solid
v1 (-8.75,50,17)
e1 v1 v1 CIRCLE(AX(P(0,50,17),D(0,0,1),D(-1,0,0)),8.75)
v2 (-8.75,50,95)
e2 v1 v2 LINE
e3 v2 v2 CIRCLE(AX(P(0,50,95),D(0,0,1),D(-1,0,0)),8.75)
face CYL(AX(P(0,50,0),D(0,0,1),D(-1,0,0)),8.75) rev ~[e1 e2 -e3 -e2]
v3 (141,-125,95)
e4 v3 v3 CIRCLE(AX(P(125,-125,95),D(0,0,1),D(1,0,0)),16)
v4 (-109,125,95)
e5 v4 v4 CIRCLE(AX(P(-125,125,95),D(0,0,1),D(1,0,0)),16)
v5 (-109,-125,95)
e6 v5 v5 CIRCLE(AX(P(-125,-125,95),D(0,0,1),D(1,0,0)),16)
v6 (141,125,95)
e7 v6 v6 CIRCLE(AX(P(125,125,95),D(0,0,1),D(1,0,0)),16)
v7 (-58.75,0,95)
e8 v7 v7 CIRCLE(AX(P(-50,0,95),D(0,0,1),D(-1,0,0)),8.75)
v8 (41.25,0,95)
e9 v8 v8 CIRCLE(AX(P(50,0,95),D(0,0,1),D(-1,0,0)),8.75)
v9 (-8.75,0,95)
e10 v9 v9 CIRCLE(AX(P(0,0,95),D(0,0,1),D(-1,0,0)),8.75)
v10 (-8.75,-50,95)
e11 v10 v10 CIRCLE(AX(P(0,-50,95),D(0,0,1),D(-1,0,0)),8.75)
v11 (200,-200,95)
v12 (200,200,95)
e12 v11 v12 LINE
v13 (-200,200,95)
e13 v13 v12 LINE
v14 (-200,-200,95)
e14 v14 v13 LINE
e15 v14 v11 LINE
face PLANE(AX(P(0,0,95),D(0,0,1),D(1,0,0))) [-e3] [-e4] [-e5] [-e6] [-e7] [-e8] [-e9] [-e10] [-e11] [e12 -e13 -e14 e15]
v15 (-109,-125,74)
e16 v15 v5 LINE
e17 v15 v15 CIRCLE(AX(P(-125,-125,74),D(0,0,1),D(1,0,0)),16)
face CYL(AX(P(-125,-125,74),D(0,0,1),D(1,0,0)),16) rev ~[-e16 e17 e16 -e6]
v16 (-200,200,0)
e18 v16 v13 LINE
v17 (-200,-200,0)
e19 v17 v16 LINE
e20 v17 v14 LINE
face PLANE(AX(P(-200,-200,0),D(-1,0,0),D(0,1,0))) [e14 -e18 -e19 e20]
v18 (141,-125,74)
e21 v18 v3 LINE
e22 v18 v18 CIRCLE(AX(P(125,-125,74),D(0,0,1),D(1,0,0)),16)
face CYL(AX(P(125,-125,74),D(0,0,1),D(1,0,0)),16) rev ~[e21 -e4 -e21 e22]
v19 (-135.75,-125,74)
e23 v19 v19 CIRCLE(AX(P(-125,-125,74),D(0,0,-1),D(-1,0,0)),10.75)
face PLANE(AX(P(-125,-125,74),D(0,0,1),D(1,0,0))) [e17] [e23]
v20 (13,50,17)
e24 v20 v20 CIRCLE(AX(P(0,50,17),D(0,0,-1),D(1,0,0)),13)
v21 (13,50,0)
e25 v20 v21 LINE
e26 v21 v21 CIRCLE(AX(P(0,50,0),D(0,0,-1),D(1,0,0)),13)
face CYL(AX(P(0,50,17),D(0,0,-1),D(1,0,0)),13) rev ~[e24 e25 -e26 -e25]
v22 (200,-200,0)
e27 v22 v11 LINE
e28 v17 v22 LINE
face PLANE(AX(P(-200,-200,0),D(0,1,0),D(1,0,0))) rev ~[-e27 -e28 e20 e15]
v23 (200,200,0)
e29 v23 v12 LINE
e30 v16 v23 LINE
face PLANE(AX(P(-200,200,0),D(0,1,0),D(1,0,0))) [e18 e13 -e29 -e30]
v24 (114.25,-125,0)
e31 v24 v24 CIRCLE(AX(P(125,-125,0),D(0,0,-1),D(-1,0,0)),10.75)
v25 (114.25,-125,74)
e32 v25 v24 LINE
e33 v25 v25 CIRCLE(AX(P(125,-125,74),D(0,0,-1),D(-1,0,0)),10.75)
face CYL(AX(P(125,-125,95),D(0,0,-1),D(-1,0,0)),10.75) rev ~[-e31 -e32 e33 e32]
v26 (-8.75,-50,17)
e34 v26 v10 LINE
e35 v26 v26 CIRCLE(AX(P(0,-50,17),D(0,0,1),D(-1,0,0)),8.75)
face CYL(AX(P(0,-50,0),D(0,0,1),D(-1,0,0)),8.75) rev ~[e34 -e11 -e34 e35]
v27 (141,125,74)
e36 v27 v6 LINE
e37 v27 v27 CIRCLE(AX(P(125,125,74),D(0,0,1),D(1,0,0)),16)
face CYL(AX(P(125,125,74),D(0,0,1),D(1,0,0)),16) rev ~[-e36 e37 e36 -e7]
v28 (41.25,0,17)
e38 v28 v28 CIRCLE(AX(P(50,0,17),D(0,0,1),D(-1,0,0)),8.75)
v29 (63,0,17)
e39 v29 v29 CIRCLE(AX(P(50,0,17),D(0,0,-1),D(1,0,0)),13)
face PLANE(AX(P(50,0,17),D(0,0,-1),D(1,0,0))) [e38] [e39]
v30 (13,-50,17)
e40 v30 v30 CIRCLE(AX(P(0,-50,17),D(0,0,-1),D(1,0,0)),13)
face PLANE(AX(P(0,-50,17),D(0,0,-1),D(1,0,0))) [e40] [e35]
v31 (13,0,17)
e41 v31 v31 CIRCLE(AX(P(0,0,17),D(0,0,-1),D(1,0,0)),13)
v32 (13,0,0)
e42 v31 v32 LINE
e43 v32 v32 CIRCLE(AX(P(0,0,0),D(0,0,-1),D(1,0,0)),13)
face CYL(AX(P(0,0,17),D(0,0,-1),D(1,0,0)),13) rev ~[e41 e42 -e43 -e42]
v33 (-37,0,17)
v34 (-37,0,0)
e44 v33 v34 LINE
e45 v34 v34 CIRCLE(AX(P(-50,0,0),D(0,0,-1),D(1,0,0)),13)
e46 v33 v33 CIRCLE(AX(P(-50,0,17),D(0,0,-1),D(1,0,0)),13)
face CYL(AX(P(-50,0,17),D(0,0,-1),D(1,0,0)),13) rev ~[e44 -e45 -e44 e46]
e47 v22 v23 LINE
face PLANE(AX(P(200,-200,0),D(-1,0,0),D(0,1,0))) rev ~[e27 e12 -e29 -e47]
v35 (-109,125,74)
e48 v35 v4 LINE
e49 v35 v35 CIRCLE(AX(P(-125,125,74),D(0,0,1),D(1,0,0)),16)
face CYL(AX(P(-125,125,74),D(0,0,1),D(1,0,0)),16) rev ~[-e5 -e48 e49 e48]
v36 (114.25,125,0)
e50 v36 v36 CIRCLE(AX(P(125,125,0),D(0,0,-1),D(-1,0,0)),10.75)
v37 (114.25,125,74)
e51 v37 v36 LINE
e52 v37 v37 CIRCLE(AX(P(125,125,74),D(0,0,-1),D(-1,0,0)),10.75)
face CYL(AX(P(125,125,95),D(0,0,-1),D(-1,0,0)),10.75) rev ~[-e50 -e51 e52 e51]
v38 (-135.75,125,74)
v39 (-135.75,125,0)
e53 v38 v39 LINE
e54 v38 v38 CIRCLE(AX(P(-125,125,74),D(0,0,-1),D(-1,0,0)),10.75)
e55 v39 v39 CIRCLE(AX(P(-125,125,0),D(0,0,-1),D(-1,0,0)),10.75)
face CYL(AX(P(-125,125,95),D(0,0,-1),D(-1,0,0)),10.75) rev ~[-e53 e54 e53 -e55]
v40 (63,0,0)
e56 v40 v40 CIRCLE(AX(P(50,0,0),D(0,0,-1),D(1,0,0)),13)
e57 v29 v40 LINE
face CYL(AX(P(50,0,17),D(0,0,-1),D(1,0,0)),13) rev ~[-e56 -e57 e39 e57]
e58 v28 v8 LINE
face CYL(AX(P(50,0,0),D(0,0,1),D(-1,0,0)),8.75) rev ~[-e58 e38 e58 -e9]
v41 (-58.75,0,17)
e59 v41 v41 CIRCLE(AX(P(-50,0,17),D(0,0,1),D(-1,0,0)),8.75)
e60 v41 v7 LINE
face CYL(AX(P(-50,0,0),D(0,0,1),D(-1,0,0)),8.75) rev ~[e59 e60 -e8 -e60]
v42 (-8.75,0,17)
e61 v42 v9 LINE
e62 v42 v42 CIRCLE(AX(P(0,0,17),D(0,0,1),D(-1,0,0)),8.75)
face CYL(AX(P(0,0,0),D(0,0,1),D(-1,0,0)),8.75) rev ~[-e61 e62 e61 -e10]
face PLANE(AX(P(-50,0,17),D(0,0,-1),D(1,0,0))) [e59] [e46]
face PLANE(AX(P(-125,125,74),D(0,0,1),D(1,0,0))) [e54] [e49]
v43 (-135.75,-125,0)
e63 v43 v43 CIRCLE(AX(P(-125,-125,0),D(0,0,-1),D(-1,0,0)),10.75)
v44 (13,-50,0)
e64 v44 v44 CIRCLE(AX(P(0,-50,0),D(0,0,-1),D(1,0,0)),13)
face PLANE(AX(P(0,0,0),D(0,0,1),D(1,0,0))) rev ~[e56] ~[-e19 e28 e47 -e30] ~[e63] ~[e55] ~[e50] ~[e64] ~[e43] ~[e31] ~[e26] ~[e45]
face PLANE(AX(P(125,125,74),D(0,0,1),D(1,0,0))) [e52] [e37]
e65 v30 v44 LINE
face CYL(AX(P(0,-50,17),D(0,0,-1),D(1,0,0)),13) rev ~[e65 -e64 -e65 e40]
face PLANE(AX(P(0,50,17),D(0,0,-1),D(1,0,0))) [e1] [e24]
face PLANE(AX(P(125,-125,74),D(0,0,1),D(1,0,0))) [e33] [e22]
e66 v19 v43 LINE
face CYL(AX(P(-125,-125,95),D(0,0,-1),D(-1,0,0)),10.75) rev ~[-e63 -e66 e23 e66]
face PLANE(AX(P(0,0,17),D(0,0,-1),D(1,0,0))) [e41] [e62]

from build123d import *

# Parameters (mm, degrees)
F0_W           = 400
F0_H           = 400
F1_DEPTH       = 95
F3_D           = 17.5
F3_CBORE_D     = 26
F3_CBORE_DEPTH = 17
F5_D           = 21.5
F5_CBORE_D     = 32
F5_CBORE_DEPTH = 21


with BuildPart() as f1:
    # F0 (on Top) → F1 (new body)
    with BuildSketch(Plane.XY):
        Rectangle(F0_W, F0_H)
    extrude(amount=F1_DEPTH)

    # F3 (through all)
    with Locations(Plane(origin=(0, 0, 0), x_dir=(1, 0, 0), z_dir=(0, 0, -1))):
        with Locations((0, 0), (0, 50), (-50, 0), (0, -50), (50, 0)):
            CounterBoreHole(F3_D / 2, F3_CBORE_D / 2, F3_CBORE_DEPTH)

    # F5 (through all)
    with Locations(Plane.XY.offset(95)):
        with Locations((-125, 125), (125, 125), (-125, -125), (125, -125)):
            CounterBoreHole(F5_D / 2, F5_CBORE_D / 2, F5_CBORE_DEPTH)


solid = f1.part
